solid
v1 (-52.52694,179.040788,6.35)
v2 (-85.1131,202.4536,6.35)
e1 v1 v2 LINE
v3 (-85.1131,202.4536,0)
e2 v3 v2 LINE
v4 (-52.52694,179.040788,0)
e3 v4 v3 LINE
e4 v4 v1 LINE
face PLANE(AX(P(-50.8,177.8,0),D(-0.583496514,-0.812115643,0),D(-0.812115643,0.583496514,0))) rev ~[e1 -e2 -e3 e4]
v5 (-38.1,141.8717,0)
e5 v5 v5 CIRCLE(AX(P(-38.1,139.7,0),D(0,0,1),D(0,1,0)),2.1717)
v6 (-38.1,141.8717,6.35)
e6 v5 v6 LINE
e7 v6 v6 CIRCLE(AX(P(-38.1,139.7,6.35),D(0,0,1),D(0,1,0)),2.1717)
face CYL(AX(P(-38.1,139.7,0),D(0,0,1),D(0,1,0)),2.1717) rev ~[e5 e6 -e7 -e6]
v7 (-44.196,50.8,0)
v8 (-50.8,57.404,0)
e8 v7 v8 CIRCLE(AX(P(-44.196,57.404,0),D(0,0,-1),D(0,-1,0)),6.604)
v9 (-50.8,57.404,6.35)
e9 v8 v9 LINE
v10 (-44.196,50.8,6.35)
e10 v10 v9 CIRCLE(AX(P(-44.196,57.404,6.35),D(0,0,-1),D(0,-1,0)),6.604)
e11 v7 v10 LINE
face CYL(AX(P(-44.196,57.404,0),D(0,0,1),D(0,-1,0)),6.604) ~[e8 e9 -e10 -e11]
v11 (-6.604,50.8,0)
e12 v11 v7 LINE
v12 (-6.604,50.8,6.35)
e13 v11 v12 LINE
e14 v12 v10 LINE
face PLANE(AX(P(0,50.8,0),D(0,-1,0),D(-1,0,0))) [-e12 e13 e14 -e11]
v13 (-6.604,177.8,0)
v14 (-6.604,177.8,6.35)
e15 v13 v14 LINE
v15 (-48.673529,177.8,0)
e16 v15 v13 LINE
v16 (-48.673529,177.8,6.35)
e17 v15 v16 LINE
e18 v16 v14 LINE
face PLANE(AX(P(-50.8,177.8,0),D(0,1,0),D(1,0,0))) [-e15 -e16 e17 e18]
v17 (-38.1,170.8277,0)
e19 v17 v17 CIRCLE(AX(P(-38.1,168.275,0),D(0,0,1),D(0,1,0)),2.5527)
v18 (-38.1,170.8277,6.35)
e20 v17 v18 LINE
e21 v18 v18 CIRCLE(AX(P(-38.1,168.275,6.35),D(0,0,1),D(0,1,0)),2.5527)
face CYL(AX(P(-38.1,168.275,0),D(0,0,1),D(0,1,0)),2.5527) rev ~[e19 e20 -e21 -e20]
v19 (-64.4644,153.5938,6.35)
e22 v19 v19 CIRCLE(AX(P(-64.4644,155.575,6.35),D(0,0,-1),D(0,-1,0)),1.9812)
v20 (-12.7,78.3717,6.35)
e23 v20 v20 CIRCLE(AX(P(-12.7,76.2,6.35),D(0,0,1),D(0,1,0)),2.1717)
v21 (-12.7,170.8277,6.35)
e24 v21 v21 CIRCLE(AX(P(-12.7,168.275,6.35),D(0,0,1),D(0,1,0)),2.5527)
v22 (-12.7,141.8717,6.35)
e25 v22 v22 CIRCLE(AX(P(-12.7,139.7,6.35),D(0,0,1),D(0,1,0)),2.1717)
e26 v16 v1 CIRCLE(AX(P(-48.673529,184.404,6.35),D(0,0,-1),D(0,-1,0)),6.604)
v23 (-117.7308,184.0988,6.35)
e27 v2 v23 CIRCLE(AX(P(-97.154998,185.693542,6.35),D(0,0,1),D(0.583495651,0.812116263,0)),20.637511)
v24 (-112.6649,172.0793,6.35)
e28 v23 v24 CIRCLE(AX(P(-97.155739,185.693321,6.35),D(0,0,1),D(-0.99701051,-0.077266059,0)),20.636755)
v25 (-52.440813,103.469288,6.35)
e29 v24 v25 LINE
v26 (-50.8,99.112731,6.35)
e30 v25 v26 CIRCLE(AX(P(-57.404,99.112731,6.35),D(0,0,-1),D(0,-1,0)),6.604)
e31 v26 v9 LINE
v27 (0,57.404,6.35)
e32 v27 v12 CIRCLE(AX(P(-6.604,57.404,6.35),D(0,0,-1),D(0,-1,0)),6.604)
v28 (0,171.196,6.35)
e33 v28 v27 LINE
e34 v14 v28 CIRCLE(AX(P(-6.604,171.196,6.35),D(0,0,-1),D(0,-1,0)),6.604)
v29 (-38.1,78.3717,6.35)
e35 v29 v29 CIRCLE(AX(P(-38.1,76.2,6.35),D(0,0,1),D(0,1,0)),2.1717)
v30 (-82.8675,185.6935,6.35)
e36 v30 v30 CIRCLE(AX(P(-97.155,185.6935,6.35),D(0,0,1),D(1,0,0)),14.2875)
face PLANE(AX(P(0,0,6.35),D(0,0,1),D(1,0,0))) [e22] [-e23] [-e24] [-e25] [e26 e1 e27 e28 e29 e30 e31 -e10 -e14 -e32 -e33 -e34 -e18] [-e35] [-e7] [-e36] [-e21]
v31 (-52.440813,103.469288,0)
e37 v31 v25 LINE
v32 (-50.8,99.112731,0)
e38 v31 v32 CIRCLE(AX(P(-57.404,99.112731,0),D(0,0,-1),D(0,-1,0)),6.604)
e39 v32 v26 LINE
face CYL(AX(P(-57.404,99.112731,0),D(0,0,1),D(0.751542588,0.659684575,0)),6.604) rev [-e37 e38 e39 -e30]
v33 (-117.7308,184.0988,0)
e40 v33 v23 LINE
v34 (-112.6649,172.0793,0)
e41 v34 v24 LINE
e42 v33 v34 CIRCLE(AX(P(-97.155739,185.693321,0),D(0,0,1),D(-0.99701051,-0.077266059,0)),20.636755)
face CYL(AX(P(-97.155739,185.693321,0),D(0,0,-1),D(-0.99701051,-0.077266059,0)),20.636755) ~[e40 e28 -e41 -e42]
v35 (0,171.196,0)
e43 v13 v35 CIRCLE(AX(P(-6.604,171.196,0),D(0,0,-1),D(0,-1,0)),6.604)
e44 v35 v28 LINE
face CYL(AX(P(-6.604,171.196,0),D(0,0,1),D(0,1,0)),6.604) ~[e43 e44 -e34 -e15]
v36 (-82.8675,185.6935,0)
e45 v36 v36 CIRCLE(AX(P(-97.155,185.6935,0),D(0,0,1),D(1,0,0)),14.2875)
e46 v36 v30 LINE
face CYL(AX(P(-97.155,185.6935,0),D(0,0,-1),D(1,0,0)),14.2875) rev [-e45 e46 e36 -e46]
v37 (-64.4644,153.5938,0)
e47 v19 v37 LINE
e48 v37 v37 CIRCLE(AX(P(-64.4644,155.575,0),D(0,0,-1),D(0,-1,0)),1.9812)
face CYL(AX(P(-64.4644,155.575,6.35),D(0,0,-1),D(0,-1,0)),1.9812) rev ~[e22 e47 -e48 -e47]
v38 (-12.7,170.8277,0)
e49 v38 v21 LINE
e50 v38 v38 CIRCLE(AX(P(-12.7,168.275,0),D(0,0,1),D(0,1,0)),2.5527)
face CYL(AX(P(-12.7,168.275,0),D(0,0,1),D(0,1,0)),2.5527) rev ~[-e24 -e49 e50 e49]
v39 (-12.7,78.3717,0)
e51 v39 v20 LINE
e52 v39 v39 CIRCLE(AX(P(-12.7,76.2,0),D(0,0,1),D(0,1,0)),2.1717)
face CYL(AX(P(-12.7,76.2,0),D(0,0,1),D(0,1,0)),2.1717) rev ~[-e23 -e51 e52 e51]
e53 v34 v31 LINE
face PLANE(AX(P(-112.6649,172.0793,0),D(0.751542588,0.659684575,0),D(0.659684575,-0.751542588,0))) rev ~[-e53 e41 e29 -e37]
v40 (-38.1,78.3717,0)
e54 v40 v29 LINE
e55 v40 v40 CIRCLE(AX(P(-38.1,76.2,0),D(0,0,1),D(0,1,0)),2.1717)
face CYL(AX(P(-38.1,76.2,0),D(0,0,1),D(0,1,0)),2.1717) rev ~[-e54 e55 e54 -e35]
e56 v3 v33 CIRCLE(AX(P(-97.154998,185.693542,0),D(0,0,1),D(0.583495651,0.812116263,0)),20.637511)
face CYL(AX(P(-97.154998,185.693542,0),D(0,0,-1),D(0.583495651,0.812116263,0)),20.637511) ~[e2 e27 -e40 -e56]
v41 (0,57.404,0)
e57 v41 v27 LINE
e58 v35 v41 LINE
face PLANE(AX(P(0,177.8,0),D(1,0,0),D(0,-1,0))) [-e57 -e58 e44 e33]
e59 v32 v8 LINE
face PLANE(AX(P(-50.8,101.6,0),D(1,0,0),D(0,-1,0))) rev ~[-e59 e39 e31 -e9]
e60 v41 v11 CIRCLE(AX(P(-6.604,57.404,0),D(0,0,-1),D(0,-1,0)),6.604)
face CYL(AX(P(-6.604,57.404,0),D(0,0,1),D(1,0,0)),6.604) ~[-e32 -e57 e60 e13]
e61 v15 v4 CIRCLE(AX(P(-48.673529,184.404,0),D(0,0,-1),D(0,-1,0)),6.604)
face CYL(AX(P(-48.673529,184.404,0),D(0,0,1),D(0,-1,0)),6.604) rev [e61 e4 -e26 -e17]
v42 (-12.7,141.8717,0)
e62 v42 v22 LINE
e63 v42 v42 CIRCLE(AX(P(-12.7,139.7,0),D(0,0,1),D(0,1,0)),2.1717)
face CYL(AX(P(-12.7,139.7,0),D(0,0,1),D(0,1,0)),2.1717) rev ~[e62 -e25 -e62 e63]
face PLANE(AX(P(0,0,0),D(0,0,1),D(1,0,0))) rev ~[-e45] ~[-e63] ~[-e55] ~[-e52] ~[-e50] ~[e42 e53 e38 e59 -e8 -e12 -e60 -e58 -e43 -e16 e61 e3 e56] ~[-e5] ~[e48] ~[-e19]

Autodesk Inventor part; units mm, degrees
ref_plane "YZ Plane" through (0, 0, 0) normal (1, 0, 0) x (0, 1, 0)
ref_plane "XZ Plane" through (0, 0, 0) normal (0, 1, 0) x (-1, 0, 0)
ref_plane "XY Plane" through (0, 0, 0) normal (0, 0, 1) x (1, 0, 0)
sketch "Sketch1" plane through (0, 0, 0) normal (0, 0, 1) x (1, 0, 0)
  line L0 (0, 0) -> (-50.8, 0) construction
  line L1 (-50.8, 0) -> (-50.8, 381) construction
  line L2 (-50.8, 381) -> (0, 381) construction
  line L3 (0, 381) -> (0, 0) construction
  circle A0 centre (-50.8, 431.8) radius 11.1125 construction
  line L4 (-50.8, 353.7099) -> (-298.4703, 0) construction
  line L5 (-298.4703, 0) -> (-267.4626, 0) construction
  line L6 (-267.4626, 0) -> (-50.8, 309.4263) construction
  dimension "d0" = 50.8
  dimension "d1" = 381
  dimension "d2" = 22.225
  dimension "d3" = 431.8
  dimension "d4" = 50.8
  dimension "d5" = 431.8
  dimension "d6" = 25.4
  dimension "d7" = 35
sketch "Sketch2" plane through (0, 0, 0) normal (0, 0, 1) x (1, 0, 0)
  line L0 (-267.4626, 0) -> (-50.8, 309.4263) construction
  line L1 (-50.8, 353.7099) -> (-298.4703, 0) construction
  line L2 (-50.8, 0) -> (-50.8, 381) construction
  line L3 (0, 381) -> (0, 0) construction
  line L4 (-50.8, 381) -> (0, 381) construction
  circle A0 centre (-50.8, 431.8) radius 11.1125 construction
  line L5 (0, 0) -> (-50.8, 0) construction
  line L6 (-298.4703, 0) -> (-267.4626, 0) construction
  circle A1 centre (-88.9, 38.1) radius 30.48 construction
  circle A2 centre (-88.9, 38.1) radius 6.35 construction
  circle A3 centre (-124.3919, 76.2) radius 45.72 construction
  circle A4 centre (-124.3919, 76.2) radius 11.43 construction
  circle A5 centre (-101.6, 129.9906) radius 46.99 construction
  circle A6 centre (-101.6, 129.9906) radius 12.7 construction
  circle A7 centre (-97.155, 185.6935) radius 43.18 construction
  circle A8 centre (-124.3919, 76.2) radius 14.2875
  circle A9 centre (-101.6, 129.9906) radius 14.2875
  circle A10 centre (-97.155, 185.6935) radius 14.2875
  circle A11 centre (-50.8, 431.8) radius 54.5719 construction
  line L7 (-50.8, 177.8) -> (0, 177.8)
  circle A12 centre (-97.155, 185.6935) radius 20.6375 construction
  circle A13 centre (-101.6, 129.9906) radius 20.6375 construction
  circle A14 centre (-124.3919, 76.2) radius 20.6375 construction
  circle A15 centre (-88.9, 38.1) radius 25.4 construction
  line L8 (-50.8, 177.8) -> (-85.1131, 202.4536)
  line L9 (-141.8793, 65.2411) -> (-114.7275, 21.9145)
  line L10 (-74.6041, 11.1805) -> (0, 50.8)
  line L11 (0, 177.8) -> (0, 50.8)
  arc A16 (-141.8226, 87.2489) -> (-117.7308, 184.0988) centre (-275.3417, 171.8837) ccw
  arc A17 (-85.1131, 202.4536) -> (-117.7308, 184.0988) centre (-97.155, 185.6935) ccw
  arc A18 (-141.8226, 87.2489) -> (-141.8793, 65.2411) centre (-124.3919, 76.2) ccw
  arc A19 (-114.7275, 21.9145) -> (-74.6041, 11.1805) centre (-88.9, 38.1) ccw
  line L12 (-38.1, 152.4) -> (-38.1, 127) construction
  line L13 (-40.6527, 152.4) -> (-40.6527, 127)
  line L14 (-35.5473, 127) -> (-35.5473, 152.4)
  arc A20 (-35.5473, 152.4) -> (-40.6527, 152.4) centre (-38.1, 152.4) ccw
  arc A21 (-40.6527, 127) -> (-35.5473, 127) centre (-38.1, 127) ccw
  line L15 (-12.7, 152.4) -> (-12.7, 127) construction
  line L16 (-15.2527, 152.4) -> (-15.2527, 127)
  line L17 (-10.1473, 127) -> (-10.1473, 152.4)
  arc A22 (-10.1473, 152.4) -> (-15.2527, 152.4) centre (-12.7, 152.4) ccw
  arc A23 (-15.2527, 127) -> (-10.1473, 127) centre (-12.7, 127) ccw
  line L18 (-38.1, 139.7) -> (-12.7, 139.7) construction
  line L19 (-38.1, 88.9) -> (-38.1, 63.5) construction
  line L20 (-40.6527, 88.9) -> (-40.6527, 63.5)
  line L21 (-35.5473, 63.5) -> (-35.5473, 88.9)
  arc A24 (-35.5473, 88.9) -> (-40.6527, 88.9) centre (-38.1, 88.9) ccw
  arc A25 (-40.6527, 63.5) -> (-35.5473, 63.5) centre (-38.1, 63.5) ccw
  line L22 (-12.7, 88.9) -> (-12.7, 63.5) construction
  line L23 (-15.2527, 88.9) -> (-15.2527, 63.5)
  line L24 (-10.1473, 63.5) -> (-10.1473, 88.9)
  arc A26 (-10.1473, 88.9) -> (-15.2527, 88.9) centre (-12.7, 88.9) ccw
  arc A27 (-15.2527, 63.5) -> (-10.1473, 63.5) centre (-12.7, 63.5) ccw
  line L25 (-38.1, 76.2) -> (-12.7, 76.2) construction
  circle A28 centre (-88.9, 38.1) radius 10.795
  line L26 (-112.6649, 172.0793) -> (-50.8, 101.6)
  line L27 (-50.8, 101.6) -> (-50.8, 23.822)
  arc A29 (-117.7308, 184.0988) -> (-112.6649, 172.0793) centre (-97.155, 185.6935) ccw
  line L28 (0, 50.8) -> (-50.8, 50.8)
  point P0 (-88.9, 63.5)
  point P1 (-110.897, 50.8)
  point P2 (-110.897, 25.4)
  point P3 (-88.9, 12.7)
  point P4 (-66.903, 25.4)
  point P5 (-66.903, 50.8)
  point P6 (-25.4, 139.7)
  point P7 (-25.4, 177.8)
  point P8 (-25.4, 76.2)
  point P9 (-38.1, 168.275)
  point P10 (-12.7, 168.275)
  dimension "d25" = 50.8
  dimension "d8" = 60.96
  dimension "d9" = 12.7
  dimension "d10" = 91.44
  dimension "d11" = 38.1
  dimension "d12" = 38.1
  dimension "d13" = 22.86
  dimension "d14" = 93.98
  dimension "d15" = 25.4
  dimension "d16" = 86.36
  dimension "d17" = 76.2
  dimension "d20" = 50.8
  dimension "d22" = 28.575
  dimension "d23" = 109.1438
  dimension "d24" = 6.35
  dimension "d28" = 360
  dimension "d30" = 177.8
  dimension "d31" = 50.8
  dimension "d32" = 5.1054
  dimension "d33" = 25.4
  dimension "d34" = 38.1
  dimension "d35" = 25.4
  dimension "d36" = 5.1054
  dimension "d37" = 25.4
  dimension "d38" = 25.4
  dimension "d39" = 63.5
  dimension "d42" = 21.59
  dimension "d50" = 9.525
  dimension "d59" = 46.355
  dimension "d87" = 76.2
extrude "Extrusion1" add sketch "Sketch2" along normal blind 6.35 contours L7 L11 L28 L27 L26 A29 A17 L8 | A20 L14 A21 L13 | A22 L17 A23 L16 | A24 L21 A25 L20 | A26 L24 A27 L23
hole "Hole1" at (-88.9, 63.5, 0) at (-110.897, 50.8, 0) at (-110.897, 25.4, 0) at (-88.9, 12.7, 0) at (-66.903, 25.4, 0) at (-66.903, 50.8, 0) at (-38.1, 168.275, 0) at (-12.7, 168.275, 0) direction (0, 0, 1) diameter 5.1054 end through all clearance for "Flat Head Machine Screw (82)" size "#10" standard "Ansi Unified Screw Threads"
hole "Hole2" at (-12.7, 139.7, 0) at (-38.1, 139.7, 0) at (-38.1, 76.2, 0) at (-12.7, 76.2, 0) direction (0, 0, 1) diameter 4.3434 end through all thread size "12-24 UNC" class "2B" standard "ANSI Unified Screw Threads"
fillet "Fillet1" radius 6.604 3 edges at (-50.8, 177.8, 3.175) (0, 177.8, 3.175) (0, 50.8, 3.175)
sketch "Sketch4" plane through (0, 0, 6.35) normal (0, 0, 1) x (1, 0, 0)
  arc A0 (-6.604, 50.8) -> (0, 57.404) centre (-6.604, 57.404) ccw construction
  line L0 (0, 57.404) -> (0, 171.196) construction
  arc A1 (0, 171.196) -> (-6.604, 177.8) centre (-6.604, 171.196) ccw construction
  line L1 (-6.604, 177.8) -> (-48.6735, 177.8) construction
  arc A2 (-52.5269, 179.0408) -> (-48.6735, 177.8) centre (-48.6735, 184.404) ccw construction
  line L2 (-52.5269, 179.0408) -> (-85.1131, 202.4536) construction
  arc A3 (-85.1131, 202.4536) -> (-112.6649, 172.0793) centre (-97.155, 185.6935) ccw construction
  circle A4 centre (-38.1, 76.2) radius 2.1717 construction
  circle A5 centre (-12.7, 139.7) radius 2.1717 construction
  circle A6 centre (-38.1, 139.7) radius 2.1717 construction
  circle A7 centre (-12.7, 76.2) radius 2.1717 construction
  circle A8 centre (-38.1, 168.275) radius 2.5527 construction
  circle A9 centre (-12.7, 168.275) radius 2.5527 construction
  circle A10 centre (-97.155, 185.6935) radius 14.2875 construction
  line L3 (-112.6649, 172.0793) -> (-50.8, 101.6) projected
  line L4 (-50.8, 101.6) -> (-50.8, 50.8) projected
  line L5 (-50.8, 50.8) -> (-6.604, 50.8) projected
  point P0 (0, 0)
  point P1 (-64.4644, 155.575)
  dimension "d74" = 44.45
  dimension "d75" = 22.225
hole "Hole3" at (-64.4644, 155.575, 6.35) direction (0, 0, -1) diameter 3.9624 end through all thread size "10-32 UNF" class "2B" standard "ANSI Unified Screw Threads"
fillet "Fillet3" radius 6.604 2 edges at (-50.8, 50.8, 3.175) (-50.8, 101.6, 3.175)
sketch "Sketch3" plane through (0, 0, 6.35) normal (0, 0, 1) x (1, 0, 0)
  arc A0 (-3.5066, 48.9378) -> (0, 54.7703) centre (-6.604, 54.7703) ccw construction
  line L0 (0, 54.7703) -> (0, 171.196) construction
  arc A1 (0, 171.196) -> (-6.604, 177.8) centre (-6.604, 171.196) ccw construction
  line L1 (-6.604, 177.8) -> (-48.6735, 177.8) construction
  arc A2 (-52.5269, 179.0408) -> (-48.6735, 177.8) centre (-48.6735, 184.404) ccw construction
  line L2 (-52.5269, 179.0408) -> (-85.1131, 202.4536) construction
  arc A3 (-85.1131, 202.4536) -> (-112.6649, 172.0793) centre (-97.155, 185.6935) ccw construction
  line L3 (-50.8, 23.822) -> (-3.5066, 48.9378) construction
  circle A4 centre (-38.1, 76.2) radius 2.1717 construction
  circle A5 centre (-12.7, 139.7) radius 2.1717 construction
  circle A6 centre (-38.1, 139.7) radius 2.1717 construction
  circle A7 centre (-12.7, 76.2) radius 2.1717 construction
  circle A8 centre (-38.1, 168.275) radius 2.5527 construction
  circle A9 centre (-12.7, 168.275) radius 2.5527 construction
  circle A10 centre (-97.155, 185.6935) radius 14.2875 construction
  arc A11 (-88.8183, 197.2966) -> (-111.3998, 184.5895) centre (-97.155, 185.6935) ccw construction
  line L4 (-88.8183, 197.2966) -> (-56.2321, 173.8838) construction
  arc A12 (-56.2321, 173.8838) -> (-48.6735, 171.45) centre (-48.6735, 184.404) ccw construction
  line L5 (-48.6735, 171.45) -> (-6.604, 171.45) construction
  arc A13 (-6.35, 171.196) -> (-6.604, 171.45) centre (-6.604, 171.196) ccw construction
  line L6 (-6.35, 171.196) -> (-6.35, 54.7703) construction
  arc A14 (-6.4849, 54.546) -> (-6.35, 54.7703) centre (-6.604, 54.7703) ccw
  line L7 (-6.4849, 54.546) -> (-77.5824, 16.7888) construction
  arc A15 (-109.3468, 25.2865) -> (-77.5824, 16.7888) centre (-88.9, 38.1) ccw construction
  line L8 (-109.3468, 25.2865) -> (-136.4985, 68.613) construction
  arc A16 (-136.4593, 83.8492) -> (-136.4985, 68.613) centre (-124.3919, 76.2) ccw construction
  arc A17 (-136.4593, 83.8492) -> (-111.3998, 184.5895) centre (-275.3417, 171.8837) ccw construction
  circle A18 centre (-97.155, 185.6935) radius 20.6375 construction
  circle A19 centre (-38.1, 168.275) radius 8.9027 construction
  circle A20 centre (-101.6, 129.9906) radius 20.6375 construction
  circle A21 centre (-124.3919, 76.2) radius 20.6375 construction
  circle A22 centre (-88.9, 63.5) radius 2.5527 construction
  circle A23 centre (-88.9, 63.5) radius 8.9027 construction
  circle A24 centre (-66.903, 50.8) radius 8.9027 construction
  circle A25 centre (-38.1, 76.2) radius 8.9027 construction
  circle A26 centre (-12.7, 76.2) radius 2.1717 construction
  circle A27 centre (-12.7, 76.2) radius 8.9027 construction
  circle A28 centre (-38.1, 139.7) radius 8.9027 construction
  circle A29 centre (-12.7, 139.7) radius 2.1717 construction
  circle A30 centre (-12.7, 139.7) radius 8.9027 construction
  circle A31 centre (-12.7, 168.275) radius 2.5527 construction
  circle A32 centre (-12.7, 168.275) radius 8.9027 construction
  circle A33 centre (-38.1, 139.7) radius 2.1717 construction
  line L9 (-101.6, 129.9906) -> (-38.1, 139.7) construction
  circle A34 centre (-38.1, 76.2) radius 2.1717 construction
  line L10 (-38.1, 139.7) -> (-38.1, 76.2) construction
  line L11 (-38.1, 76.2) -> (-66.903, 50.8) construction
  line L12 (-66.903, 50.8) -> (-88.9, 63.5) construction
  line L13 (-88.9, 63.5) -> (-124.3919, 76.2) construction
  circle A35 centre (-38.1, 168.275) radius 2.5527 construction
  line L14 (-38.1, 139.7) -> (-38.1, 168.275) construction
  line L15 (-38.1, 107.95) -> (-6.35, 107.95) construction
  line L16 (-55.1495, 28.702) -> (-62.7133, 42.9448) construction
  line L17 (-101.1201, 126.852) -> (-41.275, 136.0026) construction
  line L18 (-41.275, 136.0026) -> (-41.275, 77.6333) construction
  line L19 (-41.275, 77.6333) -> (-67.2915, 54.6905) construction
  line L20 (-67.2915, 54.6905) -> (-87.5606, 66.3929) construction
  line L21 (-87.5606, 66.3929) -> (-123.3222, 79.1894) construction
  line L22 (-102.0799, 133.1291) -> (-34.925, 143.3974) construction
  line L23 (-34.925, 143.3974) -> (-34.925, 74.7667) construction
  line L24 (-34.925, 74.7667) -> (-66.5144, 46.9095) construction
  line L25 (-66.5144, 46.9095) -> (-90.2394, 60.6071) construction
  line L26 (-90.2394, 60.6071) -> (-125.4616, 73.2106) construction
  line L27 (-34.925, 139.7) -> (-34.925, 168.275) construction
  line L28 (-41.275, 139.7) -> (-41.275, 168.275) construction
  line L29 (-38.1, 111.125) -> (-6.35, 111.125) construction
  line L30 (-38.1, 104.775) -> (-6.35, 104.775) construction
  line L31 (-76.7242, 188.6072) -> (-56.2321, 173.8838)
  line L32 (-48.6735, 171.45) -> (-46.4173, 171.45)
  line L33 (-29.7827, 171.45) -> (-21.0173, 171.45)
  line L34 (-6.35, 162.0352) -> (-6.35, 145.9398)
  line L35 (-34.925, 159.9577) -> (-34.925, 148.0173)
  line L36 (-41.275, 159.9577) -> (-41.275, 148.0173)
  line L37 (-34.925, 131.3827) -> (-34.925, 84.5173)
  line L38 (-41.275, 131.3827) -> (-41.275, 84.5173)
  line L39 (-6.35, 133.4602) -> (-6.35, 82.4398)
  line L40 (-6.35, 69.9602) -> (-6.35, 54.7703)
  line L41 (-6.4849, 54.546) -> (-55.1495, 28.702)
  line L42 (-55.1495, 28.702) -> (-62.7133, 42.9448)
  line L43 (-58.5648, 53.9198) -> (-42.2382, 68.3175)
  line L44 (-46.4381, 73.0802) -> (-62.7648, 58.6825)
  line L45 (-72.5184, 57.7083) -> (-80.1095, 62.091)
  line L46 (-95.6614, 69.2915) -> (-104.1226, 72.3192)
  line L47 (-45.8418, 135.3043) -> (-80.9626, 129.9342)
  line L48 (-46.8016, 141.5814) -> (-81.9224, 136.2113)
  line L49 (-6.35, 111.125) -> (-34.925, 111.125)
  line L50 (-34.925, 104.775) -> (-6.35, 104.775)
  arc A36 (-110.9157, 170.3133) -> (-76.7242, 188.6072) centre (-97.155, 185.6935) ccw
  arc A37 (-81.9224, 136.2113) -> (-112.7474, 147.3584) centre (-101.6, 129.9906) ccw
  arc A38 (-119.4378, 119.6117) -> (-80.9626, 129.9342) centre (-101.6, 129.9906) ccw
  arc A39 (-104.1226, 72.3192) -> (-129.3429, 96.2348) centre (-124.3919, 76.2) ccw
  arc A40 (-80.1095, 62.091) -> (-95.6614, 69.2915) centre (-88.9, 63.5) ccw
  arc A41 (-62.7648, 58.6825) -> (-72.5184, 57.7083) centre (-66.903, 50.8) ccw
  arc A42 (-62.7133, 42.9448) -> (-58.5648, 53.9198) centre (-66.903, 50.8) ccw
  arc A43 (-41.275, 84.5173) -> (-46.4381, 73.0802) centre (-38.1, 76.2) ccw
  arc A44 (-42.2382, 68.3175) -> (-34.925, 84.5173) centre (-38.1, 76.2) ccw
  arc A45 (-6.35, 82.4398) -> (-6.35, 69.9602) centre (-12.7, 76.2) ccw
  arc A46 (-45.8418, 135.3043) -> (-41.275, 131.3827) centre (-38.1, 139.7) ccw
  arc A47 (-6.35, 145.9398) -> (-6.35, 133.4602) centre (-12.7, 139.7) ccw
  arc A48 (-41.275, 148.0173) -> (-46.8016, 141.5814) centre (-38.1, 139.7) ccw
  arc A49 (-34.925, 131.3827) -> (-34.925, 148.0173) centre (-38.1, 139.7) ccw
  arc A50 (-46.4173, 171.45) -> (-41.275, 159.9577) centre (-38.1, 168.275) ccw
  arc A51 (-34.925, 159.9577) -> (-29.7827, 171.45) centre (-38.1, 168.275) ccw
  arc A52 (-21.0173, 171.45) -> (-6.35, 162.0352) centre (-12.7, 168.275) ccw
  arc A53 (-56.2321, 173.8838) -> (-48.6735, 171.45) centre (-48.6735, 184.404) ccw
  arc A54 (-112.7474, 147.3584) -> (-110.9157, 170.3133) centre (-275.3417, 171.8837) ccw
  arc A55 (-129.3429, 96.2348) -> (-119.4378, 119.6117) centre (-275.3417, 171.8837) ccw
  circle A56 centre (-64.4644, 155.575) radius 1.9812 construction
  circle A57 centre (-64.4644, 155.575) radius 1.9812 construction
  circle A58 centre (-64.4644, 155.575) radius 8.9027 construction
  line L51 (-97.155, 185.6935) -> (-64.4644, 155.575) construction
  line L52 (-64.4644, 155.575) -> (-38.1, 168.275) construction
  line L53 (-95.0037, 188.0285) -> (-63.8992, 159.3714) construction
  line L54 (-63.8992, 159.3714) -> (-39.4779, 171.1354) construction
  line L55 (-36.7221, 165.4146) -> (-65.0295, 151.7786) construction
  line L56 (-65.0295, 151.7786) -> (-99.3063, 183.3585) construction
  line L57 (-46.9711, 167.5259) -> (-58.349, 162.045)
  line L58 (-44.2153, 161.805) -> (-55.5932, 156.3241)
  line L59 (-72.7326, 158.8756) -> (-84.3092, 169.5413)
  line L60 (-80.0066, 174.2114) -> (-68.43, 163.5457)
  arc A59 (-58.349, 162.045) -> (-68.43, 163.5457) centre (-64.4644, 155.575) ccw
  arc A60 (-72.7326, 158.8756) -> (-55.5932, 156.3241) centre (-64.4644, 155.575) ccw
  line L61 (-112.6649, 172.0793) -> (-50.8, 101.6) projected
  line L62 (-50.8, 101.6) -> (-50.8, 23.822) projected
  point P0 (0, 0)
  point P1 (-6.35, 104.775)
  dimension "d61" = 6.35
  dimension "d62" = 6.35
  dimension "d63" = 25.4
  dimension "d64" = 3.175
  dimension "d65" = 3.175
  dimension "d66" = 3.175
  dimension "d67" = 3.175
  dimension "d68" = 3.175
  dimension "d69" = 3.175
  dimension "d83" = 3.175
  dimension "d84" = 3.175
properties part number "CL7-GB-008" material "Aluminum 6061"
